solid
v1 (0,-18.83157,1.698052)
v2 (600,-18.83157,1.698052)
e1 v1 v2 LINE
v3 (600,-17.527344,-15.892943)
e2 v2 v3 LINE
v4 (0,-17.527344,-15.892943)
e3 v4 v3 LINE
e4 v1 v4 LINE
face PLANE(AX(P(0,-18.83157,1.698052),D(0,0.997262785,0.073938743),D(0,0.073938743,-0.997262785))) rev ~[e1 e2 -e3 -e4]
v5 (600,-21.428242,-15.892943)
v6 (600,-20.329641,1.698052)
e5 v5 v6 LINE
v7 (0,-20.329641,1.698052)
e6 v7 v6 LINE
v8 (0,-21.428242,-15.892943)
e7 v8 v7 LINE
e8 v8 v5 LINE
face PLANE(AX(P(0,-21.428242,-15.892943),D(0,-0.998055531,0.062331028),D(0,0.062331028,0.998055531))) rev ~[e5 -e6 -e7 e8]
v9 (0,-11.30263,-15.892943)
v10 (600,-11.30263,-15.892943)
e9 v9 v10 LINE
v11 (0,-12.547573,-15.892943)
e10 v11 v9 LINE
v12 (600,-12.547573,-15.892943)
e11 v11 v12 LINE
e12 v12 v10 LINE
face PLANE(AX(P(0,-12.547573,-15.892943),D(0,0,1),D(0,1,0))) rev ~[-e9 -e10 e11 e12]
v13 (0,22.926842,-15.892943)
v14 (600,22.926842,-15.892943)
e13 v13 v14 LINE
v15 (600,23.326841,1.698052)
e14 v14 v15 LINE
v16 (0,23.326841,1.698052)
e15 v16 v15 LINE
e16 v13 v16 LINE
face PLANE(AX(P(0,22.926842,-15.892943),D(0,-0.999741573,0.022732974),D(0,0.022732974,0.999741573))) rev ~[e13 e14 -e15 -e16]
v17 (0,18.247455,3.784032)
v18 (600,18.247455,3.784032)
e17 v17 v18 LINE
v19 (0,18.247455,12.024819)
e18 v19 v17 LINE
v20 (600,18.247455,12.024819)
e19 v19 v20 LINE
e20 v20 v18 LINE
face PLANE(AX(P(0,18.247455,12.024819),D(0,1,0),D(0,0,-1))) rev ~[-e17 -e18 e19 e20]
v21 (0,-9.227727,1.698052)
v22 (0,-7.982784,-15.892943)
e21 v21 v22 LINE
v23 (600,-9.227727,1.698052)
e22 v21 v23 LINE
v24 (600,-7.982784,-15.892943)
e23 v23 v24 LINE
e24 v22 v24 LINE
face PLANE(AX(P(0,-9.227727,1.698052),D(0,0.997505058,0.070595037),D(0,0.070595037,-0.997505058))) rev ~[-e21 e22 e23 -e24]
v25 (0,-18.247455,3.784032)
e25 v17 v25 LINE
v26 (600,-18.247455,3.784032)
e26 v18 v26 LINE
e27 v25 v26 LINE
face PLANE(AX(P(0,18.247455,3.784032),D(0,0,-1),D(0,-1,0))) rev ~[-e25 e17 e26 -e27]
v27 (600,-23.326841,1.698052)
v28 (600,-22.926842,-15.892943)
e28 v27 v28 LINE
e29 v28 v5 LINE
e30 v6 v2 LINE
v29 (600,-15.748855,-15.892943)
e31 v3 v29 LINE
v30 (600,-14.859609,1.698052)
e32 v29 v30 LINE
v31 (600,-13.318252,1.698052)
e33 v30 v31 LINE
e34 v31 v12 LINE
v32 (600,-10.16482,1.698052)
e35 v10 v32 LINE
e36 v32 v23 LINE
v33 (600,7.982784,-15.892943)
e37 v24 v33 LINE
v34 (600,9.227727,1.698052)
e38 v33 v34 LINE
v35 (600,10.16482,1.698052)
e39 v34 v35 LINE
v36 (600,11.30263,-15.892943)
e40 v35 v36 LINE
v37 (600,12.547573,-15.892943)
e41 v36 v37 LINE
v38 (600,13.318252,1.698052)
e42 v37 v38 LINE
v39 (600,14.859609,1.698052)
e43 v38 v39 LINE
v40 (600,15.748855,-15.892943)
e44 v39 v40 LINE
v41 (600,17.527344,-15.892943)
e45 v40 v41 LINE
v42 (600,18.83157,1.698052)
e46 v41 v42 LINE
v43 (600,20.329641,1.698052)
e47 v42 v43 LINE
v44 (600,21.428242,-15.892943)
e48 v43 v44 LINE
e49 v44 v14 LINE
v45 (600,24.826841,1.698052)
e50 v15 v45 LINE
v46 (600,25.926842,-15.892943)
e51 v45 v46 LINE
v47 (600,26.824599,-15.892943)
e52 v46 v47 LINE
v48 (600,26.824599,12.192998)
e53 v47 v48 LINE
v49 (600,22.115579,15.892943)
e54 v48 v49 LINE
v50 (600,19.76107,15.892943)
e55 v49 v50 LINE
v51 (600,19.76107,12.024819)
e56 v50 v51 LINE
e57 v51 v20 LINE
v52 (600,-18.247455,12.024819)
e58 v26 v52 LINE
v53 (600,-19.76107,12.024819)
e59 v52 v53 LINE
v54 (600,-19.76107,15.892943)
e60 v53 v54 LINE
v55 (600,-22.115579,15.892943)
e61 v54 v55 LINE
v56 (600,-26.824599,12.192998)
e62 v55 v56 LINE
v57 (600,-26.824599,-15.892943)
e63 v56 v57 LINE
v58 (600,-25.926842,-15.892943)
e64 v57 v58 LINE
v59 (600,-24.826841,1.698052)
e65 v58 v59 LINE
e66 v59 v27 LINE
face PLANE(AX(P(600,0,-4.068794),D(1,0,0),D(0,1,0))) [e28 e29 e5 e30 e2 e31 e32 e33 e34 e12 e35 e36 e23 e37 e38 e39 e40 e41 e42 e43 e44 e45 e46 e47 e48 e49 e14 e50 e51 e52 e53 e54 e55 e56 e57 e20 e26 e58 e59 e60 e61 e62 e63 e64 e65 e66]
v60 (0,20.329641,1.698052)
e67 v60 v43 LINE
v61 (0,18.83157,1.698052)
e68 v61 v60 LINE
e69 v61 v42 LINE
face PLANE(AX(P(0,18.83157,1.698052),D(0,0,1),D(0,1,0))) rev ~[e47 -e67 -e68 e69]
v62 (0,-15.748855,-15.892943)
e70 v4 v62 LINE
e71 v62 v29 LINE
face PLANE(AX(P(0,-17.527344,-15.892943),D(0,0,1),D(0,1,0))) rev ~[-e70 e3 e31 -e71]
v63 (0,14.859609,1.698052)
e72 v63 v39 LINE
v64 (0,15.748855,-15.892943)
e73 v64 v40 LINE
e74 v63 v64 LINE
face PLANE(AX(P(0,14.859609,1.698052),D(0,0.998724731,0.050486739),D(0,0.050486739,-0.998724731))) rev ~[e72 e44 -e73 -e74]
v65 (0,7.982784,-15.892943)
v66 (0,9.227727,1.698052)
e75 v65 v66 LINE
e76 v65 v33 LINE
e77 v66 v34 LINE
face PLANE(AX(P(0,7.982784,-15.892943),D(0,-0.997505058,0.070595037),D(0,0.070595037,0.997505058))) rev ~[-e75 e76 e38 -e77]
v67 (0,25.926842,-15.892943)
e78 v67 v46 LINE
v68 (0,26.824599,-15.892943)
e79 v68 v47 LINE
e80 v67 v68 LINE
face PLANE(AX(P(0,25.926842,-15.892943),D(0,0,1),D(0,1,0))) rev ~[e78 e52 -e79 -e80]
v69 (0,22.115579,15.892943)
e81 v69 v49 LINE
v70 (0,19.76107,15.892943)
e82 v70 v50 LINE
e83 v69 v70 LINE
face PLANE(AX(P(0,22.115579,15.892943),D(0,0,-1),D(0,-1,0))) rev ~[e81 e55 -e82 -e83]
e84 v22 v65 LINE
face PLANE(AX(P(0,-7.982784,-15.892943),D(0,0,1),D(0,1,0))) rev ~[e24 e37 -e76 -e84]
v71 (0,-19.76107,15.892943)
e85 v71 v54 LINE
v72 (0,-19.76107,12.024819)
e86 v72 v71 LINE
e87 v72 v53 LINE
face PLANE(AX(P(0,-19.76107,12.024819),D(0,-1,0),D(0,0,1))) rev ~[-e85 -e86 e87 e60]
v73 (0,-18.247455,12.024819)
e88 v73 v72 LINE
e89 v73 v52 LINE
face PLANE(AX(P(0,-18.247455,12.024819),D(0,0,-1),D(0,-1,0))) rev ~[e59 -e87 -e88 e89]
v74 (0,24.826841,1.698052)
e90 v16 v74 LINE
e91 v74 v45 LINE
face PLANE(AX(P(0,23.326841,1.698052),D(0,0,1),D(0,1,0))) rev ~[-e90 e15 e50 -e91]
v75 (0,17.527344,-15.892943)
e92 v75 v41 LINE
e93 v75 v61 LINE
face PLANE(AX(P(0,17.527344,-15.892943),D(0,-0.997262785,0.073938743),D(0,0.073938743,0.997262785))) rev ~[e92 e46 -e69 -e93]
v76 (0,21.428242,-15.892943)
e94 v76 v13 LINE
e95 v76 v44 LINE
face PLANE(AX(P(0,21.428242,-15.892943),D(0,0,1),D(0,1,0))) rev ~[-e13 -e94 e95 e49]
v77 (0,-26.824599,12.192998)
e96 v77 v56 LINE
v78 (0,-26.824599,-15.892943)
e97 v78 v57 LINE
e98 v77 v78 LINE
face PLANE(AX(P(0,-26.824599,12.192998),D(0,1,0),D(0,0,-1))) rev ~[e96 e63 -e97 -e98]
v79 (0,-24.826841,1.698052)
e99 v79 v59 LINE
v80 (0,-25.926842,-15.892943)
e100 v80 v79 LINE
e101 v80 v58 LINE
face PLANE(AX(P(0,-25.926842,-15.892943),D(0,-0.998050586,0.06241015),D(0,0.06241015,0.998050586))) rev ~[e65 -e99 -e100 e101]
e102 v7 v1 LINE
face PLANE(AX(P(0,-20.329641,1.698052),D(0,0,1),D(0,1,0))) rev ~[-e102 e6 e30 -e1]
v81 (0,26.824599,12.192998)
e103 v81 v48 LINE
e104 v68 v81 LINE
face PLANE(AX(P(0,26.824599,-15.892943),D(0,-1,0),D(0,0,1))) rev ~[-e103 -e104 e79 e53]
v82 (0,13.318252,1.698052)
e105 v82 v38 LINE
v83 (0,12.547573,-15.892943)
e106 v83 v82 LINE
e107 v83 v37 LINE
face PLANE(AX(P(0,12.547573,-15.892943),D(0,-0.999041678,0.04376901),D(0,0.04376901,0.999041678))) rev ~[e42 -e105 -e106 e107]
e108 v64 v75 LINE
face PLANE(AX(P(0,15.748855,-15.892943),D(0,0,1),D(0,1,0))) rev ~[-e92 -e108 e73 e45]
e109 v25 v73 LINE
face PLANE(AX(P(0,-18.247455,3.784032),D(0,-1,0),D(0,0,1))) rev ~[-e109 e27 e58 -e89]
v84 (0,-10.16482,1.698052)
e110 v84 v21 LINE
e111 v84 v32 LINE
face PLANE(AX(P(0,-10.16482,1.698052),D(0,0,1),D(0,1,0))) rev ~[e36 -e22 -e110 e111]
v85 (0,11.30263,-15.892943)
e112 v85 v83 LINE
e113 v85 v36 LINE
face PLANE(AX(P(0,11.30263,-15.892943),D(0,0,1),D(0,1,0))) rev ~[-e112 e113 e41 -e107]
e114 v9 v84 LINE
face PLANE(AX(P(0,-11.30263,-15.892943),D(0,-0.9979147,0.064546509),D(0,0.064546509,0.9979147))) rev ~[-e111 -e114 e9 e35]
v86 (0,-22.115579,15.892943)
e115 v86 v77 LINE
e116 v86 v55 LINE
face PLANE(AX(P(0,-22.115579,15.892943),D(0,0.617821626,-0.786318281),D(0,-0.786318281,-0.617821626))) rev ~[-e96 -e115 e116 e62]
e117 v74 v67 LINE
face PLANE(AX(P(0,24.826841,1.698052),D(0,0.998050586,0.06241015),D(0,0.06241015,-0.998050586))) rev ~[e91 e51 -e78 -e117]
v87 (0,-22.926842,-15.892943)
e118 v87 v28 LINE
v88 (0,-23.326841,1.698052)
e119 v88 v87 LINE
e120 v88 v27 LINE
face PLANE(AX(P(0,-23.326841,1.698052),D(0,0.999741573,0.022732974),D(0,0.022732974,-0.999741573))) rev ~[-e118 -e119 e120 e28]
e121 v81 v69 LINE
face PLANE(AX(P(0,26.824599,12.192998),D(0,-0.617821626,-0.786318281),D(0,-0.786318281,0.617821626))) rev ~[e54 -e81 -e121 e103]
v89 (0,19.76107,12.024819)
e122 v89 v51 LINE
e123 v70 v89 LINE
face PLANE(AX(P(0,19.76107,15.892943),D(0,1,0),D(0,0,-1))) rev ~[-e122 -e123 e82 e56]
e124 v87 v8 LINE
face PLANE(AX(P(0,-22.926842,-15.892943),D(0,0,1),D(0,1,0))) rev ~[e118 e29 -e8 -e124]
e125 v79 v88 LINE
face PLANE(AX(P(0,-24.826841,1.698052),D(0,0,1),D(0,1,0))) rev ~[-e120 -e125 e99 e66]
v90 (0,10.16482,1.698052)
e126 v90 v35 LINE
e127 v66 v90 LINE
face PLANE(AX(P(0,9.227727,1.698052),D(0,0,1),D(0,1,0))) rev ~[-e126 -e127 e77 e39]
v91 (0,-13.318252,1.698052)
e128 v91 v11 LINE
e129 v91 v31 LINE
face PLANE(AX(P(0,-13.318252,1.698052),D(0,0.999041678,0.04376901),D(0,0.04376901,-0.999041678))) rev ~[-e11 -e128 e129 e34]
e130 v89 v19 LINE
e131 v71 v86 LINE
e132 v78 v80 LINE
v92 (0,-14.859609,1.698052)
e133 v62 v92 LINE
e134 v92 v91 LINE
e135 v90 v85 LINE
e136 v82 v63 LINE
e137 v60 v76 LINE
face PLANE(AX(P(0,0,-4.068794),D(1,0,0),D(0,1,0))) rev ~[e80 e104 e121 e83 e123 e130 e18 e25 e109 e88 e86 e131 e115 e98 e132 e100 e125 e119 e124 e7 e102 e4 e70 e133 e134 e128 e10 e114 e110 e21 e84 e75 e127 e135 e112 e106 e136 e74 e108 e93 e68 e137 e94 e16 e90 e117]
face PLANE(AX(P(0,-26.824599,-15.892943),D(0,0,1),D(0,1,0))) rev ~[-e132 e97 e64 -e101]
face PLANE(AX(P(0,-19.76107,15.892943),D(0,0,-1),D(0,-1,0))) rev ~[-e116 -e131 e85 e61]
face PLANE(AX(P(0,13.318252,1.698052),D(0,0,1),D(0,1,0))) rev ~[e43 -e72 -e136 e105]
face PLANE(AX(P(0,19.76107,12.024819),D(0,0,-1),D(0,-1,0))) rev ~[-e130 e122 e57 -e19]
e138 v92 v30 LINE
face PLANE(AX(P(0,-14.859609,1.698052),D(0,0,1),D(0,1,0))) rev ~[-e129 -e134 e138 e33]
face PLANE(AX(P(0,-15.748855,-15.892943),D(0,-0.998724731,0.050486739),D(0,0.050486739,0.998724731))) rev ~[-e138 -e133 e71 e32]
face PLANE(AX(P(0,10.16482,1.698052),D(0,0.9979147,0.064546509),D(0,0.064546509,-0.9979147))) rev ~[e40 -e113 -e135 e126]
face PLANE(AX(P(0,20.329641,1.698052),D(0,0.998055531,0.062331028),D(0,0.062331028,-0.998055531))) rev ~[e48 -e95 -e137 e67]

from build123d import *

# Parameters (mm, degrees)
F1_DEPTH = 600


with BuildPart() as f1:
    # F0 (on Right) → F1 (new body)
    with BuildSketch(Plane.YZ):
        Polygon((-19.76107, 15.892943), (-22.115579, 15.892943), (-26.824599, 12.192998), (-26.824599, -15.892943), (-25.926842, -15.892943), (-24.826841, 1.698052), (-23.326841, 1.698052), (-22.926842, -15.892943), (-21.428242, -15.892943), (-20.329641, 1.698052), (-18.83157, 1.698052), (-17.527344, -15.892943), (-15.748855, -15.892943), (-14.859609, 1.698052), (-13.318252, 1.698052), (-12.547573, -15.892943), (-11.30263, -15.892943), (-10.16482, 1.698052), (-9.227727, 1.698052), (-7.982784, -15.892943), (7.982784, -15.892943), (9.227727, 1.698052), (10.16482, 1.698052), (11.30263, -15.892943), (12.547573, -15.892943), (13.318252, 1.698052), (14.859609, 1.698052), (15.748855, -15.892943), (17.527344, -15.892943), (18.83157, 1.698052), (20.329641, 1.698052), (21.428242, -15.892943), (22.926842, -15.892943), (23.326841, 1.698052), (24.826841, 1.698052), (25.926842, -15.892943), (26.824599, -15.892943), (26.824599, 12.192998), (22.115579, 15.892943), (19.76107, 15.892943), (19.76107, 12.024819), (18.247455, 12.024819), (18.247455, 3.784032), (0, 3.784032), (-18.247455, 3.784032), (-18.247455, 12.024819), (-19.76107, 12.024819), align=None)
    extrude(amount=F1_DEPTH)


solid = f1.part
